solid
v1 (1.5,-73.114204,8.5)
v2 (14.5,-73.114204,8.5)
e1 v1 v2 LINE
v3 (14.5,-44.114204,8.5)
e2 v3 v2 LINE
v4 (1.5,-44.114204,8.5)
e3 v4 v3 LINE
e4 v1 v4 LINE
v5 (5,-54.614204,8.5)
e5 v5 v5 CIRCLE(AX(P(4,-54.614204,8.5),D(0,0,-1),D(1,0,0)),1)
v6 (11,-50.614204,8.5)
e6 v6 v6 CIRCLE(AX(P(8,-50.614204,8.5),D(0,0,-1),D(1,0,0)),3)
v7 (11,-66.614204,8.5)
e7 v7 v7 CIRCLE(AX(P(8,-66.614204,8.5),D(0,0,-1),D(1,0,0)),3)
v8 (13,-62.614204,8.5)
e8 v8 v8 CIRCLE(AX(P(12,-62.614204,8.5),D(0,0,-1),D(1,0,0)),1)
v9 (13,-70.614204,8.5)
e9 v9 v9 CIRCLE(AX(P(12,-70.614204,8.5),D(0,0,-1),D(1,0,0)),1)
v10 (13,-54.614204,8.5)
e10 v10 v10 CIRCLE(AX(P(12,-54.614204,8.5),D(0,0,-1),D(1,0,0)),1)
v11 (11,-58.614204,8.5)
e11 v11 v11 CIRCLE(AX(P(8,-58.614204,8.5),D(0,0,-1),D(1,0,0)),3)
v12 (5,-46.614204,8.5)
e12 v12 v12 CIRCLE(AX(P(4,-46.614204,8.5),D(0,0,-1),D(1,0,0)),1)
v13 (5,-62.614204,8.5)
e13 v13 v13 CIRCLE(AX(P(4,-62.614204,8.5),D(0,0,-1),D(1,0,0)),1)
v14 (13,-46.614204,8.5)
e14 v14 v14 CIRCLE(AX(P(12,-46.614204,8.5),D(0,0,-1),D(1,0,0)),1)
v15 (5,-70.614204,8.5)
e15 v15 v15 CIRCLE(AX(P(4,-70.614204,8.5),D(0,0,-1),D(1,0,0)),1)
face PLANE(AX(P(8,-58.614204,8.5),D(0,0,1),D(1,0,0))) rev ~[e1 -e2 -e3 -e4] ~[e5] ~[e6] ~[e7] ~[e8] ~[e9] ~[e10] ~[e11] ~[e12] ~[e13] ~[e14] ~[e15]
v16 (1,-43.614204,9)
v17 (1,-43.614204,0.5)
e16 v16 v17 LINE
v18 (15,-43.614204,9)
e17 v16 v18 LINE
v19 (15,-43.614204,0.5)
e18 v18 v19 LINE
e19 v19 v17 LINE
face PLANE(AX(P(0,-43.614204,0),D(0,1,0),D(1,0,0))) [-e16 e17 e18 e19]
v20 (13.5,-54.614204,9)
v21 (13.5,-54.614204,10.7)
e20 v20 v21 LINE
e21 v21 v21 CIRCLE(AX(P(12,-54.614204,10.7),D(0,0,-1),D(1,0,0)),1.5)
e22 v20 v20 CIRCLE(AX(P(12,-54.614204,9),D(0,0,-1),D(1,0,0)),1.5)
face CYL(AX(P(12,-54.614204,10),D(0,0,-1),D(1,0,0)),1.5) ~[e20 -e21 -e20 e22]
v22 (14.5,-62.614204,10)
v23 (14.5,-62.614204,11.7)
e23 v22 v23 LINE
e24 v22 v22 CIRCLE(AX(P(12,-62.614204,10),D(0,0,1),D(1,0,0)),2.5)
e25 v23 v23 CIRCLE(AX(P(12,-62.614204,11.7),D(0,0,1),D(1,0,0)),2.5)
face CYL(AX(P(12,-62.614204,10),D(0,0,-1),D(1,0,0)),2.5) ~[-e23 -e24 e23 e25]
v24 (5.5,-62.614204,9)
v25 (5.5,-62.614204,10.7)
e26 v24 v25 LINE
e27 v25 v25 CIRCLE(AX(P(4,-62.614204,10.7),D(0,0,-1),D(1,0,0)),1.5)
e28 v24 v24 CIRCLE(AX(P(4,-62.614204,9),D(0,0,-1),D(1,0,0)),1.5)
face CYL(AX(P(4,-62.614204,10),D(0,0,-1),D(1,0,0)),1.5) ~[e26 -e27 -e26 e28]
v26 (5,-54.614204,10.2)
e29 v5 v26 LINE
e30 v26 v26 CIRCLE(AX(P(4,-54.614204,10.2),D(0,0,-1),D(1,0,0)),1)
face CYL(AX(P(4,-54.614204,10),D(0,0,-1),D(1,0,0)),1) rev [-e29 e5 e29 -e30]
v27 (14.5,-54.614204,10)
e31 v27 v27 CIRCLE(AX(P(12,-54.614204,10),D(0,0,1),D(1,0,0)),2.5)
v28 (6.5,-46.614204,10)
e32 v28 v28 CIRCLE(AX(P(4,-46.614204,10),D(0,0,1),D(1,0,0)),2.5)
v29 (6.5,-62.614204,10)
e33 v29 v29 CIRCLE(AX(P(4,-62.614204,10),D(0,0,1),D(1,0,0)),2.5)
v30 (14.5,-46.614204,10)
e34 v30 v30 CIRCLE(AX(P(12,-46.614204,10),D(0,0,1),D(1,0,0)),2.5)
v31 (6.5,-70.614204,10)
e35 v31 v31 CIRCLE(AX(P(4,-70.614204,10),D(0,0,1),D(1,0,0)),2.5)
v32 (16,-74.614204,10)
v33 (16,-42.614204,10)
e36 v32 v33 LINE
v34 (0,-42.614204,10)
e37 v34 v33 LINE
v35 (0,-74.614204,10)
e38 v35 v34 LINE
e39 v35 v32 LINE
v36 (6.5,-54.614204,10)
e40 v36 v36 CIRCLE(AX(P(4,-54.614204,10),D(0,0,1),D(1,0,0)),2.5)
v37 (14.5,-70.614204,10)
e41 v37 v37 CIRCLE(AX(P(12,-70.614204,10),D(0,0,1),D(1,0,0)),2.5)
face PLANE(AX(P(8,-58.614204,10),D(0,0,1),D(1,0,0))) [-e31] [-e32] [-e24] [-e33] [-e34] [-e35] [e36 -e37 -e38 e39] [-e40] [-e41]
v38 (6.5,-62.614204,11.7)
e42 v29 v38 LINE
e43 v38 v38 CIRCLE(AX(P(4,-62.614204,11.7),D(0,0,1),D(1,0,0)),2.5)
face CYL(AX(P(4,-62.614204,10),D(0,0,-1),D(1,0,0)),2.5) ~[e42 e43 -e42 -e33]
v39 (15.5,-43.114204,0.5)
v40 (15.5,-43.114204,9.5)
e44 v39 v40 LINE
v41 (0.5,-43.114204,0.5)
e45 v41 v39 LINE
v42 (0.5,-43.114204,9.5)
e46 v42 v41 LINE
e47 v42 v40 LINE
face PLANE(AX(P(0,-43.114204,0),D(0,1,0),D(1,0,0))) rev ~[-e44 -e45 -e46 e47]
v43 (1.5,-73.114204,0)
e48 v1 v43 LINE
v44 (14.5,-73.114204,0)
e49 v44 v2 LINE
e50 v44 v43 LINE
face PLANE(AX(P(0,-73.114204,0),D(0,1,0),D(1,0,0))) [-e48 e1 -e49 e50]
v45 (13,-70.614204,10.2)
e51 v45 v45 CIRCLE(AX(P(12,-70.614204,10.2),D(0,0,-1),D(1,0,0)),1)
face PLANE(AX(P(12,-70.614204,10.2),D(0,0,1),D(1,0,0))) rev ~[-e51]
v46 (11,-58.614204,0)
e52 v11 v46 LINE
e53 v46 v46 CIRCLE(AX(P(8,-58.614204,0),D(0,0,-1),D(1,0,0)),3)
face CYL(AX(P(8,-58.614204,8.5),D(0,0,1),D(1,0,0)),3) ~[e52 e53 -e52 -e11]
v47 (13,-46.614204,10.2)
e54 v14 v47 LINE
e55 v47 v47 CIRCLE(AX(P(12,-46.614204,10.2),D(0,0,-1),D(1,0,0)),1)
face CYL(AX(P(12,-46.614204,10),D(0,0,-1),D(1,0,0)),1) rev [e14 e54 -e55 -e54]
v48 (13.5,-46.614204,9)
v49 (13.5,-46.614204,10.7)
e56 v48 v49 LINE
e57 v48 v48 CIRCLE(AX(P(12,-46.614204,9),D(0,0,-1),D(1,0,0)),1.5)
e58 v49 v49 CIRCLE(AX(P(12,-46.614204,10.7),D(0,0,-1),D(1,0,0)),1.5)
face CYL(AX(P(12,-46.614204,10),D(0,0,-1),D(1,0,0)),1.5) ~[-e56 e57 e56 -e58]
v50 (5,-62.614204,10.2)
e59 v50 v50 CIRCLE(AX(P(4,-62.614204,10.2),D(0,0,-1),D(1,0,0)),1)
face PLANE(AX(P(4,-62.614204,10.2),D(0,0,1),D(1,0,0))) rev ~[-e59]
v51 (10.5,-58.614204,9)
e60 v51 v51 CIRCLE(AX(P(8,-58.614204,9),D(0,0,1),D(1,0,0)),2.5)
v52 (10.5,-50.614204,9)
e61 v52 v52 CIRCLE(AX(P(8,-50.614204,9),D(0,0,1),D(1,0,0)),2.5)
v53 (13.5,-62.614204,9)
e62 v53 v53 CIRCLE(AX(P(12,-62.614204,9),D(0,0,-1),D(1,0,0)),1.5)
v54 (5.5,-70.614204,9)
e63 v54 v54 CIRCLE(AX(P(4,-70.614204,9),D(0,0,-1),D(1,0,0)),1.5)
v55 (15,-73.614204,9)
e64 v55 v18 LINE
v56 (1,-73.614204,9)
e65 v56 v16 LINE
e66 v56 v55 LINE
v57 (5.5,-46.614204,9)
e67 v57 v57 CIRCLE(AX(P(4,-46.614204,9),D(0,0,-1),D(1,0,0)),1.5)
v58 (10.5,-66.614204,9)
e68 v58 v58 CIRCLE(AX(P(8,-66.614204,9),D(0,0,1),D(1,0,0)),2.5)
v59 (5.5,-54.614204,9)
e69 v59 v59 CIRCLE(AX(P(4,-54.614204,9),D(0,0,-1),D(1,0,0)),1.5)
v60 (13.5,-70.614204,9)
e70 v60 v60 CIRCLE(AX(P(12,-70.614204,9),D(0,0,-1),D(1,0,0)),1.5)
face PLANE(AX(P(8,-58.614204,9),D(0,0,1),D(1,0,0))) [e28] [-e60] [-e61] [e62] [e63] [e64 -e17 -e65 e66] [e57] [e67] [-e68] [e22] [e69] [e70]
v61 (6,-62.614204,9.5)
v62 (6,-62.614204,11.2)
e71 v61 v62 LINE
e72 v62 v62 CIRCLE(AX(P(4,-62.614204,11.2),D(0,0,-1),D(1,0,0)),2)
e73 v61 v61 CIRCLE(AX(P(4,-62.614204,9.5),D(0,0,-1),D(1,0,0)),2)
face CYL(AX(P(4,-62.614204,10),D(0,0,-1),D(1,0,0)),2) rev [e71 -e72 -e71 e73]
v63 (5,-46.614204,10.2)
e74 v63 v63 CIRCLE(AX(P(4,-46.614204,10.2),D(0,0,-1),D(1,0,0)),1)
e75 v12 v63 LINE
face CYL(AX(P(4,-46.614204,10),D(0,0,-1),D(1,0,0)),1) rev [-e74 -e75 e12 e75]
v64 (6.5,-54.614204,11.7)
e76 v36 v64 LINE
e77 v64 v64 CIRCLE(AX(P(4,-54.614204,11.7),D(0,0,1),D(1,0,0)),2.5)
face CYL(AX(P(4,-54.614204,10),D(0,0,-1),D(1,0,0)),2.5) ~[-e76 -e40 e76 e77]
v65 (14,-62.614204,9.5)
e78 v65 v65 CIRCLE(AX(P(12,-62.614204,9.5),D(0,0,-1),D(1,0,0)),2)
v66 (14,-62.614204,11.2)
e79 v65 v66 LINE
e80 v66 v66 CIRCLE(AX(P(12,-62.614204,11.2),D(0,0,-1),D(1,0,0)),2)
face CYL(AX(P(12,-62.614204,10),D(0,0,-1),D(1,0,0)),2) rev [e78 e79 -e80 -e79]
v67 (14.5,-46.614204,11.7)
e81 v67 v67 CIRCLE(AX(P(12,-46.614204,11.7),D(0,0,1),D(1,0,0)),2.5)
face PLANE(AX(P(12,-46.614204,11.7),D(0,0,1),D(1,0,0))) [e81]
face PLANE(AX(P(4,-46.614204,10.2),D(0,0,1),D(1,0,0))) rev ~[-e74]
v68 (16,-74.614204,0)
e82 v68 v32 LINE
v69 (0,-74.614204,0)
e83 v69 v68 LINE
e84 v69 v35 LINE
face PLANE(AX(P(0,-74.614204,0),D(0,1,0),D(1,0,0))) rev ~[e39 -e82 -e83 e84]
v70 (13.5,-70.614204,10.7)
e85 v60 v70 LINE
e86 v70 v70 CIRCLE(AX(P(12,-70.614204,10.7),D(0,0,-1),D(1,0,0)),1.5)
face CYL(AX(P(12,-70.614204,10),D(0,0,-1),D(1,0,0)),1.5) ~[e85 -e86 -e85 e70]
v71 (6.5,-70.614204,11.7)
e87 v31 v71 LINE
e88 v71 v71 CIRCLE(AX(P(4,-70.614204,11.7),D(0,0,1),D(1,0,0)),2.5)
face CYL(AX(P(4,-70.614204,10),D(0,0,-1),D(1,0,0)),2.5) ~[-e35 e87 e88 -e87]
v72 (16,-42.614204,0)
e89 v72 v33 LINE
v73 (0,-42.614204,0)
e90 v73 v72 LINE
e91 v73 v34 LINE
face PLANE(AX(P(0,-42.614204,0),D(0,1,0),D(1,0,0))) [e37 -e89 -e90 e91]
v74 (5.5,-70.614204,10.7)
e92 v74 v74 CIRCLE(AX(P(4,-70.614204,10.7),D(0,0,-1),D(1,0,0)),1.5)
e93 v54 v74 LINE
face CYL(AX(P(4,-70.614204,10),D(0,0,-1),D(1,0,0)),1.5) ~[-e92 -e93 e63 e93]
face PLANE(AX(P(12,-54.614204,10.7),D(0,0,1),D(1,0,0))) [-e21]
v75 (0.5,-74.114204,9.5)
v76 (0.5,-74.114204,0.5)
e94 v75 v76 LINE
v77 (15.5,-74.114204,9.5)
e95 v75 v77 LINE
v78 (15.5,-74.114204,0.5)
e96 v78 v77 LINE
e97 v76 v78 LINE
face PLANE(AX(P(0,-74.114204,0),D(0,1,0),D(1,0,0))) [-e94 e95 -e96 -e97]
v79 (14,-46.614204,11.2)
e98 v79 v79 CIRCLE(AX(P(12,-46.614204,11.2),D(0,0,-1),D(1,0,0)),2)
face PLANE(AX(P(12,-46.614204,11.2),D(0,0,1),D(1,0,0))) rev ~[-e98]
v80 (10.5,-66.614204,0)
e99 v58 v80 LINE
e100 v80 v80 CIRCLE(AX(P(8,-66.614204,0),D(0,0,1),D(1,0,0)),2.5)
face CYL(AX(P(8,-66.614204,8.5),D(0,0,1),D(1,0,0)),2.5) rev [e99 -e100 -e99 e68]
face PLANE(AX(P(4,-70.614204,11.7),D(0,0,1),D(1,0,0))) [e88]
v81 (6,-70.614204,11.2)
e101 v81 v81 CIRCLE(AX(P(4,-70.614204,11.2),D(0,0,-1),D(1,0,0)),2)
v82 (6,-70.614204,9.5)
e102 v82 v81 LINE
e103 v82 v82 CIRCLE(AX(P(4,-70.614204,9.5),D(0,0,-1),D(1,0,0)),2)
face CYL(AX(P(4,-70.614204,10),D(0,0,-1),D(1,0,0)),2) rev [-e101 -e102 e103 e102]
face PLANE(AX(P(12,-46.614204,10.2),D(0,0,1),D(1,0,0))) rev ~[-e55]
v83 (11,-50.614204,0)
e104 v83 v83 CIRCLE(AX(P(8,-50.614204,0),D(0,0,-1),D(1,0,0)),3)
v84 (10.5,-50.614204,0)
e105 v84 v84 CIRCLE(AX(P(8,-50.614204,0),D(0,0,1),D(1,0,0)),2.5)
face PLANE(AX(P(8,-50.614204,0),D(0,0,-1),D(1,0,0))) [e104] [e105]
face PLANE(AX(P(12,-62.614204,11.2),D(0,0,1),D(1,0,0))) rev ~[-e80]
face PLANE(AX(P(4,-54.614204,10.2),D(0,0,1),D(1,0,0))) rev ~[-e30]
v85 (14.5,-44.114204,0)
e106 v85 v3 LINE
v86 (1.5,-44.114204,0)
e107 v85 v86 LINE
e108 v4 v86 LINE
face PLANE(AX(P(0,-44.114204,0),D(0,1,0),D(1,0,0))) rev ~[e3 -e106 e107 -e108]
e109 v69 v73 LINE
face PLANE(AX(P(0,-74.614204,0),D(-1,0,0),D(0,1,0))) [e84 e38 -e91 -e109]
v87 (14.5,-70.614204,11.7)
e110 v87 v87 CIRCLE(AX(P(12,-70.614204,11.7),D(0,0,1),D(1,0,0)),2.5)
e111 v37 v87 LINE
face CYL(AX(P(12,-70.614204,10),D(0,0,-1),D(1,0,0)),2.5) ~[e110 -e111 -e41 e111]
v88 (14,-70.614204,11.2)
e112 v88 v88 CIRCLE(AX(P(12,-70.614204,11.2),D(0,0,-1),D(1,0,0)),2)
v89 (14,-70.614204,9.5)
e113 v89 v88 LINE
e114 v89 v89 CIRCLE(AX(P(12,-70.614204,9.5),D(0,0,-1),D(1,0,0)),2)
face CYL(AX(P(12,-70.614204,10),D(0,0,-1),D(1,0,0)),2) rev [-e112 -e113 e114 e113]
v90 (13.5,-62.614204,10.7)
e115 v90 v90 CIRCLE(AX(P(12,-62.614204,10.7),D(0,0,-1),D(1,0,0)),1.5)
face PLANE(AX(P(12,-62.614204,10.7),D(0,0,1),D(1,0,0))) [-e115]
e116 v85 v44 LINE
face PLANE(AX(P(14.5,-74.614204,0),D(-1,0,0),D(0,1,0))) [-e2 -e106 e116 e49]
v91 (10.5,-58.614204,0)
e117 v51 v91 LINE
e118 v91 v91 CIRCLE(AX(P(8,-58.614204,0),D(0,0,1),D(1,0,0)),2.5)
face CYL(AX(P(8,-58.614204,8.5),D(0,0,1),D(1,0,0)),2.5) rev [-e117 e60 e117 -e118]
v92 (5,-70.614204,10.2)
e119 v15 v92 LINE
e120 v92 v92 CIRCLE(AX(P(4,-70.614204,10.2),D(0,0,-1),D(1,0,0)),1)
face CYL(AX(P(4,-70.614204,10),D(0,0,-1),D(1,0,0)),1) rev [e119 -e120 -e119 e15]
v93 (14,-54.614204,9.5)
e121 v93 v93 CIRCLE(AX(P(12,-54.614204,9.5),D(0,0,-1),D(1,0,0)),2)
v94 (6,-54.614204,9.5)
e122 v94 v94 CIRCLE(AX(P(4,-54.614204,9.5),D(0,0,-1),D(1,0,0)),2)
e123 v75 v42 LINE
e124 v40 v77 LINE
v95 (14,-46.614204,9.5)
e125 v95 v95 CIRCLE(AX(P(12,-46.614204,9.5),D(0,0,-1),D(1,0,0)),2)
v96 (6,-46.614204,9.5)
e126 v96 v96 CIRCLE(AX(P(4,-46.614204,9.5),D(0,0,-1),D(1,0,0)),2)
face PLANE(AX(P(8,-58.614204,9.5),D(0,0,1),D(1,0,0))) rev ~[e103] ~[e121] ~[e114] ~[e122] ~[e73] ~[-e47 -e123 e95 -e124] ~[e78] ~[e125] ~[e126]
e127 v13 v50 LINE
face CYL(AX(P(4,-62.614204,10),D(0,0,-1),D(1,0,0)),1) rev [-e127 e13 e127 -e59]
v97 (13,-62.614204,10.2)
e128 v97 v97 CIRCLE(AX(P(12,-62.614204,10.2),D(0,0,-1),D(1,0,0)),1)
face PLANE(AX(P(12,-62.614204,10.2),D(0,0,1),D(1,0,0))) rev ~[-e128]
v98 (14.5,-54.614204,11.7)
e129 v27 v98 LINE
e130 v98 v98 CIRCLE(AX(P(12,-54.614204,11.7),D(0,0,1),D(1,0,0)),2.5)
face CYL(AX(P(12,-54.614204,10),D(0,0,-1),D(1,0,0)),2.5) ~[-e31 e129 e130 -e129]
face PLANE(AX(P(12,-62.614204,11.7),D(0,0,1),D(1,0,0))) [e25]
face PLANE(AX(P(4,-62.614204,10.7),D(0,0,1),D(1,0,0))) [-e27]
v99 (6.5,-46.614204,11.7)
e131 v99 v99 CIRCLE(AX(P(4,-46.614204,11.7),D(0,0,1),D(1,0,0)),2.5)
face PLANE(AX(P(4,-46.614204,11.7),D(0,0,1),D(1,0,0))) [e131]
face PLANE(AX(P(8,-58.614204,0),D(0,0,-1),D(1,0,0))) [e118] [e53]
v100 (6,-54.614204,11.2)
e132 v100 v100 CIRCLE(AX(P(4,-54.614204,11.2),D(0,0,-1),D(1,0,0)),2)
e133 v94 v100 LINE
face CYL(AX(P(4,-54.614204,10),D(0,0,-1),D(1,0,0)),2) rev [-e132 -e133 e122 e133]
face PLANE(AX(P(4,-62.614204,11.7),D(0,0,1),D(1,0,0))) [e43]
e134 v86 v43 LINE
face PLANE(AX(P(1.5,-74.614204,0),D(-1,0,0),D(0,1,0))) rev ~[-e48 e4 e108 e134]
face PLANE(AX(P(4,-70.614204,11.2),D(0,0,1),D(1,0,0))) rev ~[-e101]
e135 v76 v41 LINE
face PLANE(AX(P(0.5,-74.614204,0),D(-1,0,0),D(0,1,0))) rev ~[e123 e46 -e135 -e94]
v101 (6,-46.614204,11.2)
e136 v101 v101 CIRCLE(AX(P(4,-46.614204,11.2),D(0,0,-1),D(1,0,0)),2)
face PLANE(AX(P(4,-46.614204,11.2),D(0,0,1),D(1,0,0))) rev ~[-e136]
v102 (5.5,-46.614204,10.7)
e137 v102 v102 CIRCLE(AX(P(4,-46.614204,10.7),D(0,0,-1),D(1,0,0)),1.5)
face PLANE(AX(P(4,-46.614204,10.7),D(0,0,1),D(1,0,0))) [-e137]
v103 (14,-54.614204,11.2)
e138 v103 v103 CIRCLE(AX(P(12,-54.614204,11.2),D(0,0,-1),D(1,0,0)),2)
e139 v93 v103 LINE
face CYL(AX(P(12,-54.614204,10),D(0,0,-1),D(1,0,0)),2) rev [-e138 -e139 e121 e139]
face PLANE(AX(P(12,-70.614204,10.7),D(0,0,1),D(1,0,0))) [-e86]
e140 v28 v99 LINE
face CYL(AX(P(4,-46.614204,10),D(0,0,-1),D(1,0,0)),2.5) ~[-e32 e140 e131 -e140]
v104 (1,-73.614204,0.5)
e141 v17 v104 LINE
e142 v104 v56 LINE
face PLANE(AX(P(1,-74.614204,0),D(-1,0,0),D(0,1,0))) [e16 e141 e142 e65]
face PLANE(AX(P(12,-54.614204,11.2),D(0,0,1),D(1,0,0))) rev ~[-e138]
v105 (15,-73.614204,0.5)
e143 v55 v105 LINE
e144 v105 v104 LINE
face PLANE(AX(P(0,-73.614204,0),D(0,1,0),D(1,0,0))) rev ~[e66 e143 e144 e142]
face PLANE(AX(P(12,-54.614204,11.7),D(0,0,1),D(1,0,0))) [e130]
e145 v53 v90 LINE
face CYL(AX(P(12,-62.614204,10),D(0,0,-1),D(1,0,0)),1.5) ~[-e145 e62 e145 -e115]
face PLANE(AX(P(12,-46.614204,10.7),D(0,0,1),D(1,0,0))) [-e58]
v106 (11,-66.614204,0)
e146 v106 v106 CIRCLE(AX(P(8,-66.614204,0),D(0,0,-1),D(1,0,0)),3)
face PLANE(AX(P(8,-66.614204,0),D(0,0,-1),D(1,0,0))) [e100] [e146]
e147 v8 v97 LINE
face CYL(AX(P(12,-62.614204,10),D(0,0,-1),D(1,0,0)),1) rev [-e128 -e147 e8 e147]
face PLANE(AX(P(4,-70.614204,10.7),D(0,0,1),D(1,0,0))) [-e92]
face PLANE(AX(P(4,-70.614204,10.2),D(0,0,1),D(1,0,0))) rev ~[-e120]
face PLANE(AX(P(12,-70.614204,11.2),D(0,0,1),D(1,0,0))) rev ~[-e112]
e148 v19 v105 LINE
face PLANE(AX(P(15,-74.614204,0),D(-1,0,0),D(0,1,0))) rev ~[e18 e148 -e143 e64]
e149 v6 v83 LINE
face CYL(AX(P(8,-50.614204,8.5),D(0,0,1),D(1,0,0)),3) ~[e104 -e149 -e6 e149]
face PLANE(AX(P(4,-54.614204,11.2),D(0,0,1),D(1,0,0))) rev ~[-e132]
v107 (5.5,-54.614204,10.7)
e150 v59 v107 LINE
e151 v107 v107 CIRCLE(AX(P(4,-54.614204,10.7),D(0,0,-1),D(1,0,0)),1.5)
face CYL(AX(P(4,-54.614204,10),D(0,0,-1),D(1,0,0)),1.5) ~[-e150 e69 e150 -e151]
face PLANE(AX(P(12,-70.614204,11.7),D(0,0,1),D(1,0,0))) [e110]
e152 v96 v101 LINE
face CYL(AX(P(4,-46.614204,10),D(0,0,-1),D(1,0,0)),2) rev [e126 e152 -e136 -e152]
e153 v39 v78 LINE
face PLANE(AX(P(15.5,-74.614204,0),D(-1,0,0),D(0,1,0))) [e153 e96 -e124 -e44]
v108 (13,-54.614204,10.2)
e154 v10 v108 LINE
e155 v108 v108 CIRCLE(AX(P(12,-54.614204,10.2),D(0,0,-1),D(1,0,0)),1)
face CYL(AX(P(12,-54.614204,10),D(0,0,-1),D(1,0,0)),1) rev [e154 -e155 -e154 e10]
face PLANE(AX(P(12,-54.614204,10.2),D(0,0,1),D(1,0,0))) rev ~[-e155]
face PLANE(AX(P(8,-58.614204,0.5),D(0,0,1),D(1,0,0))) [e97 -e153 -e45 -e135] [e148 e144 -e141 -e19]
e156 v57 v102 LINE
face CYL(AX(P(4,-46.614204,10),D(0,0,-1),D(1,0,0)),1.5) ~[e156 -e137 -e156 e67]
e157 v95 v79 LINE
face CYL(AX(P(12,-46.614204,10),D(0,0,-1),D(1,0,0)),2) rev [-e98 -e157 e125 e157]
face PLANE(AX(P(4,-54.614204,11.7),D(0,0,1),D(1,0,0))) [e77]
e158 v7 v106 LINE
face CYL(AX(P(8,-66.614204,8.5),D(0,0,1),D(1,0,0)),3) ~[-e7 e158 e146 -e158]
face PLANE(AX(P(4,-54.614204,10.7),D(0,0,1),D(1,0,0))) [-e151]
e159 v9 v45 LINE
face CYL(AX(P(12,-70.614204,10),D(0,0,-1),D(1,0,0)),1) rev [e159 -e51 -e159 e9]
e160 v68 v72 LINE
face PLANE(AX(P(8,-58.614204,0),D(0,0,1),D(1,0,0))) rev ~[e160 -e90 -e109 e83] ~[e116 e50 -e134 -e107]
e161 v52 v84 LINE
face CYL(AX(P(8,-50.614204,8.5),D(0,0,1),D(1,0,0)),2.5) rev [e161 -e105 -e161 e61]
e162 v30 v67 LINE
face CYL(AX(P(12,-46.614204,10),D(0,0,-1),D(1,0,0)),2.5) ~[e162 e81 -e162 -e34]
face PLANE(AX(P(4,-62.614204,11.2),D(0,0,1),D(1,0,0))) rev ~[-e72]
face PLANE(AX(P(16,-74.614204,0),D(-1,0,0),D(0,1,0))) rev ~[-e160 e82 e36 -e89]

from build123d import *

# Parameters (mm, degrees)
F0_W     = 16
F0_H     = 32
F1_DEPTH = 10
F2_R     = 2.5
F3_DEPTH = 1.7
F4_T     = -1.5
F5_R     = 3
F6_DEPTH = 8.5
F7_T     = -0.5


with BuildPart() as f1:
    # F0 (on Top) → F1 (new body)
    with BuildSketch(Plane.XY):
        with Locations((8, -58.6142044663)):
            Rectangle(F0_W, F0_H)
    extrude(amount=F1_DEPTH)

    # F2 (on face) → F3 (join)
    with BuildSketch(Plane.XY.offset(10)):
        with Locations((4, -46.6142044663)):
            Circle(F2_R)
        with Locations((4, -54.6142044663)):
            Circle(F2_R)
        with Locations((4, -62.6142044663)):
            Circle(F2_R)
        with Locations((4, -70.6142044663)):
            Circle(F2_R)
        with Locations((12, -70.6142044663)):
            Circle(F2_R)
        with Locations((12, -62.6142044663)):
            Circle(F2_R)
        with Locations((12, -54.6142044663)):
            Circle(F2_R)
        with Locations((12, -46.6142044663)):
            Circle(F2_R)
    extrude(amount=F3_DEPTH)

    # F4
    f4_openings = [f1.faces().sort_by_distance(p)[0] for p in [
        (8, -58.614204, 0),
    ]]
    offset(amount=F4_T, openings=f4_openings, kind=Kind.INTERSECTION)

    # F5 (on face) → F6 (join)
    with BuildSketch(Plane(origin=(0, 0, 8.5), x_dir=(1, 0, 0), z_dir=(0, 0, -1))):
        with Locations((8, 66.6142044663)):
            Circle(F5_R)
        with Locations((8, 58.6142044663)):
            Circle(F5_R)
        with Locations((8, 50.6142044663)):
            Circle(F5_R)
    extrude(amount=F6_DEPTH)

    # F7
    f7_openings = [f1.faces().sort_by_distance(p)[0] for p in [
        (8, -66.614204, 0),
        (8, -58.614204, 0),
        (8, -50.614204, 0),
    ]]
    offset(amount=F7_T, openings=f7_openings, kind=Kind.INTERSECTION)


solid = f1.part
